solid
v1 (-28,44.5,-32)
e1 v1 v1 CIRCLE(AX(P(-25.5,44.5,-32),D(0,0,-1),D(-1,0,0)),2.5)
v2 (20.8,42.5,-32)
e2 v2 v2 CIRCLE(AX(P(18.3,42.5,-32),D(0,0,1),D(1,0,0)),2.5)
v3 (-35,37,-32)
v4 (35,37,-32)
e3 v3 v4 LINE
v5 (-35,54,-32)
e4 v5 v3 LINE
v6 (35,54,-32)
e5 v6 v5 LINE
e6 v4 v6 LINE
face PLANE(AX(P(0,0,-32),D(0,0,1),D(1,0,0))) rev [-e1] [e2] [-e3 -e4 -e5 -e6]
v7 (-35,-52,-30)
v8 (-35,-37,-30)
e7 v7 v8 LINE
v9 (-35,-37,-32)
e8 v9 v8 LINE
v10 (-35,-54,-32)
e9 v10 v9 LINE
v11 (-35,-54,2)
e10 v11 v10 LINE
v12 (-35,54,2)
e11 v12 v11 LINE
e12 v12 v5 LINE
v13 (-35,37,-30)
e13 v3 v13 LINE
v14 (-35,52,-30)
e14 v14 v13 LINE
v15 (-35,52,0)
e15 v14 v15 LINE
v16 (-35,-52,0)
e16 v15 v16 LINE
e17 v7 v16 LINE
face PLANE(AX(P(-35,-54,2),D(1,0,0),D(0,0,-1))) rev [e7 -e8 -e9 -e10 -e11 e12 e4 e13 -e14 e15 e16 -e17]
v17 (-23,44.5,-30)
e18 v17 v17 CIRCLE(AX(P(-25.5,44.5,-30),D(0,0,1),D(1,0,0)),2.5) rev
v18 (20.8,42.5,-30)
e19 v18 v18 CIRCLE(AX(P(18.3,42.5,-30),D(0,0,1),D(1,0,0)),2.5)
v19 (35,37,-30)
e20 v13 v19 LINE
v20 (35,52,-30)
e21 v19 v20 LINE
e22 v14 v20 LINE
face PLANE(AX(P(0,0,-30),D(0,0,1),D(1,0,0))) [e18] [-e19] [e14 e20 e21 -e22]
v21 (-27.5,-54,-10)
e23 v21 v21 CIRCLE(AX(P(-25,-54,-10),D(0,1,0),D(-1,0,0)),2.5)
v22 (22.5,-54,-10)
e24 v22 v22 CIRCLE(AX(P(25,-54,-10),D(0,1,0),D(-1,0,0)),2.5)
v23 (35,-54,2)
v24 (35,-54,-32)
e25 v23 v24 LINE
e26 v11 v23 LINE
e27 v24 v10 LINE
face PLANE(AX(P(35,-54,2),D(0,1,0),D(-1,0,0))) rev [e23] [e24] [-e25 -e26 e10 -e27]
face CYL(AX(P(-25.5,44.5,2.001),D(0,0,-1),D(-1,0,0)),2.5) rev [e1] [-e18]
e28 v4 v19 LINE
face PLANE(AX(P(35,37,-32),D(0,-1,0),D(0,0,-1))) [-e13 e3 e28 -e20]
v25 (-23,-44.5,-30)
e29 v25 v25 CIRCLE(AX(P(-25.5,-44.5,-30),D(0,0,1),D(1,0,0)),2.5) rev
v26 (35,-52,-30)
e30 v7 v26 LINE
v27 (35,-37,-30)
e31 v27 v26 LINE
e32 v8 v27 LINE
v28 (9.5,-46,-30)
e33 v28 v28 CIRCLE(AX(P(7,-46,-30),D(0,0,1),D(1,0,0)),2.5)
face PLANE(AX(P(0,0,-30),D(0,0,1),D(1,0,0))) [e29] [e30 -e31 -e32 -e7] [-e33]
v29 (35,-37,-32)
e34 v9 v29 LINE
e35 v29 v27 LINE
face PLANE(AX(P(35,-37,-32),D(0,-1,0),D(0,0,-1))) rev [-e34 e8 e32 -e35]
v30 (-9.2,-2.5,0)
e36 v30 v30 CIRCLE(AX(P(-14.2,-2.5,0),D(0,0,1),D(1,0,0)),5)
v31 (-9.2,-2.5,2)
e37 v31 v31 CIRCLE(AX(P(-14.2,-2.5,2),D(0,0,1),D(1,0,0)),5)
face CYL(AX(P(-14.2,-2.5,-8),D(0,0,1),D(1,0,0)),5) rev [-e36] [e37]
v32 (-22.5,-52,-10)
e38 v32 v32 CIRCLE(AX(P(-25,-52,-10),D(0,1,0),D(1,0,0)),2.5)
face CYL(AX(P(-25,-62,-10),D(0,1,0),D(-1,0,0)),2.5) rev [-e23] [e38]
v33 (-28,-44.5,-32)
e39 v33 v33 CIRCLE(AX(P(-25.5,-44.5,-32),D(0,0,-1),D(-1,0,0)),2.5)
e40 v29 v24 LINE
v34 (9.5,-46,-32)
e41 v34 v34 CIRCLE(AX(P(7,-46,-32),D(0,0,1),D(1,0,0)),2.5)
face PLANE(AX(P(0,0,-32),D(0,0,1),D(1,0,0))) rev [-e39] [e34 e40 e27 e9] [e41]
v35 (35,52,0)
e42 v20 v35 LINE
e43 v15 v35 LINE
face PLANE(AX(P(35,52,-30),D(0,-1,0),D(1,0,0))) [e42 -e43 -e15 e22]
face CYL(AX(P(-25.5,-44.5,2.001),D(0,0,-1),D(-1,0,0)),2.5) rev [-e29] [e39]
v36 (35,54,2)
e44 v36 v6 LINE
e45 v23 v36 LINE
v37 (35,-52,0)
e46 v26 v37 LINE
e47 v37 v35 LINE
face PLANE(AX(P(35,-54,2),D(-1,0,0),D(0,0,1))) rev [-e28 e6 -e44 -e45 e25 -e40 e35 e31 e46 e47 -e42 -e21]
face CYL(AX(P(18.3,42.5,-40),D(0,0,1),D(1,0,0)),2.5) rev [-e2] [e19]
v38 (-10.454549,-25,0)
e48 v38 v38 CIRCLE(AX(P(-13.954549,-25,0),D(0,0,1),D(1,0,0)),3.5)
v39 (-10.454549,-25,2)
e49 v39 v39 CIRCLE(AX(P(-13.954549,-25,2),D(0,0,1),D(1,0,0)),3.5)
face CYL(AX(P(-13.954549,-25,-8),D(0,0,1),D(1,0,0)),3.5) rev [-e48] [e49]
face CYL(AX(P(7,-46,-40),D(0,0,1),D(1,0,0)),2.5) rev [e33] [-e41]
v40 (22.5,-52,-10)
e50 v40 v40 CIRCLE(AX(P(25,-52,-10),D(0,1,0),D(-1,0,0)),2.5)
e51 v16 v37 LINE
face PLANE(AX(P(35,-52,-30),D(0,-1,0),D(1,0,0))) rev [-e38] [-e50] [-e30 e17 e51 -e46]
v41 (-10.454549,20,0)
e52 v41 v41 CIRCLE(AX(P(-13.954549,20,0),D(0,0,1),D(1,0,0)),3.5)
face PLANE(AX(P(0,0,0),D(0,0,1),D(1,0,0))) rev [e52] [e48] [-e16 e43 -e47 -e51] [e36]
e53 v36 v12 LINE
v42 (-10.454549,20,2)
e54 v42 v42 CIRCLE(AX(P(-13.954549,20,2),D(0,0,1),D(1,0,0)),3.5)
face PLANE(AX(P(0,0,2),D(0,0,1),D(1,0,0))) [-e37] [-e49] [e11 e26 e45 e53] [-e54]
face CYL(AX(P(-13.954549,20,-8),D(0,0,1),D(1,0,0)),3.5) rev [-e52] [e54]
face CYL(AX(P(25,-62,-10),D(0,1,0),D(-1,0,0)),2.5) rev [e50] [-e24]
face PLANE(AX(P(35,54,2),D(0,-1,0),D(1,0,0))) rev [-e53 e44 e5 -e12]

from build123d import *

# Parameters (mm, degrees)
ESBO_O1_W                = 70
ESBO_O1_H                = 108
RESSALTO_EXTRUS_O1_DEPTH = 2
ESBO_O2_W                = 70
ESBO_O2_H                = 2
RESSALTO_EXTRUS_O2_DEPTH = 30
ESBO_O3_W                = 70
ESBO_O3_H                = 17
RESSALTO_EXTRUS_O3_DEPTH = 2
ESBO_O4_R                = 2.5
CORTE_EXTRUS_O1_DEPTH    = 10
ESBO_O8_R                = 2.5
CORTE_EXTRUS_O5_DEPTH    = 10
ESBO_O9_R                = 5
CORTE_EXTRUS_O6_DEPTH    = 10
ESBO_O15_R               = 3.5
CORTE_EXTRUS_O7_DEPTH    = 10
CUT_EXTRUDE1_REACH       = 36
SKETCH1_R                = 2.5


with BuildPart() as part:
    # Esboço1 → Ressalto-extrusão1 (new body)
    with BuildSketch(Plane.XY):
        Rectangle(ESBO_O1_W, ESBO_O1_H)
    extrude(amount=RESSALTO_EXTRUS_O1_DEPTH)

    # Esboço2 → Ressalto-extrusão2 (add)
    with BuildSketch(Plane(origin=(0, 0, 0), x_dir=(-1, 0, 0), z_dir=(0, 0, -1))):
        with Locations((0, -53)):
            Rectangle(ESBO_O2_W, ESBO_O2_H)
    ressalto_extrus_o2 = extrude(amount=RESSALTO_EXTRUS_O2_DEPTH)

    # Esboço3 → Ressalto-extrusão3 (add)
    with BuildSketch(Plane(origin=(0, 0, -30), x_dir=(-1, 0, 0), z_dir=(0, 0, -1))):
        with Locations((0, -45.5)):
            Rectangle(ESBO_O3_W, ESBO_O3_H)
    ressalto_extrus_o3 = extrude(amount=RESSALTO_EXTRUS_O3_DEPTH)

    # Espelhar1: Ressalto-extrusão2, Ressalto-extrusão3 across plane
    add(ressalto_extrus_o2.mirror(Plane.ZX))
    add(ressalto_extrus_o3.mirror(Plane.ZX))

    # Esboço4 → Corte-extrusão1 (cut)
    with BuildSketch(Plane.XY.offset(-30)):
        with Locations((7, -46)):
            Circle(ESBO_O4_R)
        with Locations((18.3, 42.5)):
            Circle(ESBO_O4_R)
    extrude(amount=-CORTE_EXTRUS_O1_DEPTH, mode=Mode.SUBTRACT)

    # Esboço8 → Corte-extrusão5 (cut)
    with BuildSketch(Plane(origin=(0, -52, 0), x_dir=(1, 0, 0), z_dir=(0, 1, 0))):
        with Locations((25, 10)):
            Circle(ESBO_O8_R)
        with Locations((-25, 10)):
            Circle(ESBO_O8_R)
    extrude(amount=-CORTE_EXTRUS_O5_DEPTH, mode=Mode.SUBTRACT)

    # Esboço9 → Corte-extrusão6 (cut)
    with BuildSketch(Plane.XY.offset(2)):
        with Locations((-14.2, -2.5)):
            Circle(ESBO_O9_R)
    extrude(amount=-CORTE_EXTRUS_O6_DEPTH, mode=Mode.SUBTRACT)

    # Esboço15 → Corte-extrusão7 (cut)
    with BuildSketch(Plane.XY.offset(2)):
        with Locations((-13.954549257, 20)):
            Circle(ESBO_O15_R)
        with Locations((-13.954549257, -25)):
            Circle(ESBO_O15_R)
    extrude(amount=-CORTE_EXTRUS_O7_DEPTH, mode=Mode.SUBTRACT)

    # Sketch1 → Cut-Extrude1 (cut, up to next)
    with BuildSketch(Plane(origin=(0, 0, -32), x_dir=(-1, 0, 0), z_dir=(0, 0, -1)), mode=Mode.PRIVATE) as cut_extrude1_sk1:
        with Locations((25.5, 44.5)):
            Circle(SKETCH1_R)
    cut_extrude1_tool1 = extrude(cut_extrude1_sk1.sketch, amount=-CUT_EXTRUDE1_REACH, mode=Mode.PRIVATE) & part.part
    add(cut_extrude1_tool1.solids().sort_by_distance((-25.5, 44.5, -32))[0], mode=Mode.SUBTRACT)
    # Sketch1 → Cut-Extrude1 (cut, up to next)
    with BuildSketch(Plane(origin=(0, 0, -32), x_dir=(-1, 0, 0), z_dir=(0, 0, -1)), mode=Mode.PRIVATE) as cut_extrude1_sk2:
        with Locations((25.5, -44.5)):
            Circle(SKETCH1_R)
    cut_extrude1_tool2 = extrude(cut_extrude1_sk2.sketch, amount=-CUT_EXTRUDE1_REACH, mode=Mode.PRIVATE) & part.part
    add(cut_extrude1_tool2.solids().sort_by_distance((-25.5, -44.5, -32))[0], mode=Mode.SUBTRACT)


solid = part.part
